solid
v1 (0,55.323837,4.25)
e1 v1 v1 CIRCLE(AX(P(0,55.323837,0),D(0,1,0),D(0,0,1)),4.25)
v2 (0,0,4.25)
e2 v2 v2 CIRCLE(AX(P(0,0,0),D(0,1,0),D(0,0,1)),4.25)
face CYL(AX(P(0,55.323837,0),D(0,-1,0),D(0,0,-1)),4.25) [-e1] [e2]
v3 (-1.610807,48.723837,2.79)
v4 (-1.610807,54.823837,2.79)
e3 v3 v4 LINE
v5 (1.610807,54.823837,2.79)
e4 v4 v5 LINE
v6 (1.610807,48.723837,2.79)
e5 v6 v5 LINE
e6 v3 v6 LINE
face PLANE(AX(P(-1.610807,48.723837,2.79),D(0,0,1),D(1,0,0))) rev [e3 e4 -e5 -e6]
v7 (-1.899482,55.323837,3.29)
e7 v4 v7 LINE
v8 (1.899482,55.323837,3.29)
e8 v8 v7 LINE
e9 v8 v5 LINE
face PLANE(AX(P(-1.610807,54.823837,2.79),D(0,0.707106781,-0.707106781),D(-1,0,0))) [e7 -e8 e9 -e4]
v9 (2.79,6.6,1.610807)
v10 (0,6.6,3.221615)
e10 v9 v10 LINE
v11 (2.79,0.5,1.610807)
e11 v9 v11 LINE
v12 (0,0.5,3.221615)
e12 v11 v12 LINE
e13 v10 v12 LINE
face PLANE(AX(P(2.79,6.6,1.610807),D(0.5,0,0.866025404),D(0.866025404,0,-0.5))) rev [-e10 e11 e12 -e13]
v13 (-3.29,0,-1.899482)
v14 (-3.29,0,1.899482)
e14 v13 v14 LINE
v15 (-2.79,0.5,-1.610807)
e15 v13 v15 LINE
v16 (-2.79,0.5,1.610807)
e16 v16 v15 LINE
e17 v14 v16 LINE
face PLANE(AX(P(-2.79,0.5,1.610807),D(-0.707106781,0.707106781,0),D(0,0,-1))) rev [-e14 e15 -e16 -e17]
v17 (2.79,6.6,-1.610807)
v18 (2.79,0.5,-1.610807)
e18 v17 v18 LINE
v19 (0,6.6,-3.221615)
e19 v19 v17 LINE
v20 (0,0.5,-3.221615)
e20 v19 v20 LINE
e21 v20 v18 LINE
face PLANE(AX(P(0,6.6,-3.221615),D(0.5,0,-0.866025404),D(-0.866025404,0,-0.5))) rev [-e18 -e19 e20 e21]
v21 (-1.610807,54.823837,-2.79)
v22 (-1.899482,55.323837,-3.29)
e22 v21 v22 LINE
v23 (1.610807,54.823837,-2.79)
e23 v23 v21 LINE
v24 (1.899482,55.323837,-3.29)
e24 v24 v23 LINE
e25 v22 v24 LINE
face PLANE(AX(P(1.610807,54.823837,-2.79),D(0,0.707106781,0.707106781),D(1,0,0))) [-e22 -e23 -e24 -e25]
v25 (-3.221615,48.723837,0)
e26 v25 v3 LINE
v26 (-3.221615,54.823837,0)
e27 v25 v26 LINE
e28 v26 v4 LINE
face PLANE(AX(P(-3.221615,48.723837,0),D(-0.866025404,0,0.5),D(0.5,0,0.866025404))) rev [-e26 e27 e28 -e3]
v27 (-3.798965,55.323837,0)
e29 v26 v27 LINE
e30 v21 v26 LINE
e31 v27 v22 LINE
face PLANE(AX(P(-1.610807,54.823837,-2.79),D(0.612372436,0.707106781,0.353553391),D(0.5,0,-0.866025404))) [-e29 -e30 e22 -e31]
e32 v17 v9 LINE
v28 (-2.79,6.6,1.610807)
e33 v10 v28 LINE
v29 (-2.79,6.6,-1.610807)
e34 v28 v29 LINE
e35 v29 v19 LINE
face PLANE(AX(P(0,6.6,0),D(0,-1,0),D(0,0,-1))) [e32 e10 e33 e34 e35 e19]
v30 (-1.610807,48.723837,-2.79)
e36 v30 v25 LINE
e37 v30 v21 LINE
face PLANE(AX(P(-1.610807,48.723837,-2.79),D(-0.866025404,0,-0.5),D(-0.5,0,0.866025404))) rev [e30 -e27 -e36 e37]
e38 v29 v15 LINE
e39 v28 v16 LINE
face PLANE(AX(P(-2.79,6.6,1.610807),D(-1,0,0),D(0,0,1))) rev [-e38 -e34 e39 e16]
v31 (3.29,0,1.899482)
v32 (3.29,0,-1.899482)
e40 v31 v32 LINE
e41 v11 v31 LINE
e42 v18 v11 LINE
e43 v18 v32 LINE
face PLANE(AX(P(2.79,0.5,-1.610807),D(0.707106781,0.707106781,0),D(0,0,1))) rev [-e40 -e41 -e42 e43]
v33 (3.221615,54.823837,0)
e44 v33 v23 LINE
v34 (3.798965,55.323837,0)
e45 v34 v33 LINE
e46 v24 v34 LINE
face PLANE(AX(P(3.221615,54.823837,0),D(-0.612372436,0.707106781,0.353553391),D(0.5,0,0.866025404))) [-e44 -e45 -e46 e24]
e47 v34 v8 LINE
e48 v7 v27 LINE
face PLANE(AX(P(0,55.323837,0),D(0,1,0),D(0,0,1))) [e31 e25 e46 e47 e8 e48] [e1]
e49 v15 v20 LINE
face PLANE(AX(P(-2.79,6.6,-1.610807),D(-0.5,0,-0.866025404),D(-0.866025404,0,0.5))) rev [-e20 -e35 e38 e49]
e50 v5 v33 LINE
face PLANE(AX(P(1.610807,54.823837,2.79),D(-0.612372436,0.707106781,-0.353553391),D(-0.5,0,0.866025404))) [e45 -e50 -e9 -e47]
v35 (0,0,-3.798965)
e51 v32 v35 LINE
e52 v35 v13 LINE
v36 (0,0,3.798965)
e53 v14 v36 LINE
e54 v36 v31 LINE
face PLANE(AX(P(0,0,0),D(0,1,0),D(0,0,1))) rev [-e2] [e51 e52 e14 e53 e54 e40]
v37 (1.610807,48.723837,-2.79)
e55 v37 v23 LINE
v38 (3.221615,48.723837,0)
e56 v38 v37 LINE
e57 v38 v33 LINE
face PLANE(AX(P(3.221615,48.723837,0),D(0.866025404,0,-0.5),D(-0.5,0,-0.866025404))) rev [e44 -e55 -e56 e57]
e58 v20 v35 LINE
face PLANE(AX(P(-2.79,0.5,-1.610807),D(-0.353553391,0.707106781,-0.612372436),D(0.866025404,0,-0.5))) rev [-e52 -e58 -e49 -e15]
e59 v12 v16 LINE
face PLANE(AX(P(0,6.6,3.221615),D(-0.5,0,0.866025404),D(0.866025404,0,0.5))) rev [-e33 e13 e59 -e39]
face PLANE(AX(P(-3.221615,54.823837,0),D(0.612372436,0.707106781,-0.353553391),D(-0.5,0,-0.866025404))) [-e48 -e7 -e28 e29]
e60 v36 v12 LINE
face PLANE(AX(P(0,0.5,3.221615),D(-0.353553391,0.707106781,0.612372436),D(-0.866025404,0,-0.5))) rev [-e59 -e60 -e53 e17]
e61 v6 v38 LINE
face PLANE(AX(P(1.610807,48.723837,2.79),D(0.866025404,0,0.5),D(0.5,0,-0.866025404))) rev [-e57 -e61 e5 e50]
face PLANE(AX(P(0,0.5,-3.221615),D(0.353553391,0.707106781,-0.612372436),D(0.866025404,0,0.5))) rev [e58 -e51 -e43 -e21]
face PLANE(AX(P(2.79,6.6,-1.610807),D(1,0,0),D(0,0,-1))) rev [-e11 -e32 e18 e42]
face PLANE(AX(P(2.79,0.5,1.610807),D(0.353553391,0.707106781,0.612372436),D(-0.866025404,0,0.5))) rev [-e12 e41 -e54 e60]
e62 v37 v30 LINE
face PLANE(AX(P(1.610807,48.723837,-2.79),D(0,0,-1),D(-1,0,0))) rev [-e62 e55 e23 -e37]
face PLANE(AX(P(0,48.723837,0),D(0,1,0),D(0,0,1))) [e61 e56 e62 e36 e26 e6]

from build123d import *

# Parameters (mm, degrees)
SKETCH1_R           = 4.25
BOSS_EXTRUDE1_DEPTH = 55.3238373
CUT_EXTRUDE1_DEPTH  = 6.6
CHAMFER1_SIZE       = 0.5
CUT_EXTRUDE2_DEPTH  = 6.6
CHAMFER2_SIZE       = 0.5


with BuildPart() as part:
    # Sketch1 → Boss-Extrude1 (new body)
    with BuildSketch(Plane(origin=(0, 0, 0), x_dir=(1, 0, 0), z_dir=(0, 1, 0))):
        Circle(SKETCH1_R)
    extrude(amount=BOSS_EXTRUDE1_DEPTH)

    # Sketch2 → Cut-Extrude1 (cut)
    with BuildSketch(Plane(origin=(0, 55.3238373, 0), x_dir=(1, 0, 0), z_dir=(0, 1, 0))):
        Polygon((1.610807251, 2.79), (-1.610807251, 2.79), (-3.221614502, 0), (-1.610807251, -2.79), (1.610807251, -2.79), (3.221614502, 0), align=None)
    extrude(amount=-CUT_EXTRUDE1_DEPTH, mode=Mode.SUBTRACT)

    # Chamfer1
    chamfer1_edges = [part.edges().sort_by_distance(p)[0] for p in [
        (2.416210877, 55.3238373, -1.395),
        (0, 55.3238373, -2.79),
        (-2.416210877, 55.3238373, -1.395),
        (-2.416210877, 55.3238373, 1.395),
        (0, 55.3238373, 2.79),
        (2.416210877, 55.3238373, 1.395),
    ]]
    chamfer(chamfer1_edges, length=CHAMFER1_SIZE)

    # Sketch3 → Cut-Extrude2 (cut)
    with BuildSketch(Plane.XZ):
        Polygon((0, 3.221614502), (-2.79, 1.610807251), (-2.79, -1.610807251), (0, -3.221614502), (2.79, -1.610807251), (2.79, 1.610807251), align=None)
    extrude(amount=-CUT_EXTRUDE2_DEPTH, mode=Mode.SUBTRACT)

    # Chamfer2
    chamfer2_edges = [part.edges().sort_by_distance(p)[0] for p in [
        (1.395, 0, 2.416210877),
        (-1.395, 0, 2.416210877),
        (-2.79, 0, 0),
        (-1.395, 0, -2.416210877),
        (1.395, 0, -2.416210877),
        (2.79, 0, 0),
    ]]
    chamfer(chamfer2_edges, length=CHAMFER2_SIZE)


solid = part.part
